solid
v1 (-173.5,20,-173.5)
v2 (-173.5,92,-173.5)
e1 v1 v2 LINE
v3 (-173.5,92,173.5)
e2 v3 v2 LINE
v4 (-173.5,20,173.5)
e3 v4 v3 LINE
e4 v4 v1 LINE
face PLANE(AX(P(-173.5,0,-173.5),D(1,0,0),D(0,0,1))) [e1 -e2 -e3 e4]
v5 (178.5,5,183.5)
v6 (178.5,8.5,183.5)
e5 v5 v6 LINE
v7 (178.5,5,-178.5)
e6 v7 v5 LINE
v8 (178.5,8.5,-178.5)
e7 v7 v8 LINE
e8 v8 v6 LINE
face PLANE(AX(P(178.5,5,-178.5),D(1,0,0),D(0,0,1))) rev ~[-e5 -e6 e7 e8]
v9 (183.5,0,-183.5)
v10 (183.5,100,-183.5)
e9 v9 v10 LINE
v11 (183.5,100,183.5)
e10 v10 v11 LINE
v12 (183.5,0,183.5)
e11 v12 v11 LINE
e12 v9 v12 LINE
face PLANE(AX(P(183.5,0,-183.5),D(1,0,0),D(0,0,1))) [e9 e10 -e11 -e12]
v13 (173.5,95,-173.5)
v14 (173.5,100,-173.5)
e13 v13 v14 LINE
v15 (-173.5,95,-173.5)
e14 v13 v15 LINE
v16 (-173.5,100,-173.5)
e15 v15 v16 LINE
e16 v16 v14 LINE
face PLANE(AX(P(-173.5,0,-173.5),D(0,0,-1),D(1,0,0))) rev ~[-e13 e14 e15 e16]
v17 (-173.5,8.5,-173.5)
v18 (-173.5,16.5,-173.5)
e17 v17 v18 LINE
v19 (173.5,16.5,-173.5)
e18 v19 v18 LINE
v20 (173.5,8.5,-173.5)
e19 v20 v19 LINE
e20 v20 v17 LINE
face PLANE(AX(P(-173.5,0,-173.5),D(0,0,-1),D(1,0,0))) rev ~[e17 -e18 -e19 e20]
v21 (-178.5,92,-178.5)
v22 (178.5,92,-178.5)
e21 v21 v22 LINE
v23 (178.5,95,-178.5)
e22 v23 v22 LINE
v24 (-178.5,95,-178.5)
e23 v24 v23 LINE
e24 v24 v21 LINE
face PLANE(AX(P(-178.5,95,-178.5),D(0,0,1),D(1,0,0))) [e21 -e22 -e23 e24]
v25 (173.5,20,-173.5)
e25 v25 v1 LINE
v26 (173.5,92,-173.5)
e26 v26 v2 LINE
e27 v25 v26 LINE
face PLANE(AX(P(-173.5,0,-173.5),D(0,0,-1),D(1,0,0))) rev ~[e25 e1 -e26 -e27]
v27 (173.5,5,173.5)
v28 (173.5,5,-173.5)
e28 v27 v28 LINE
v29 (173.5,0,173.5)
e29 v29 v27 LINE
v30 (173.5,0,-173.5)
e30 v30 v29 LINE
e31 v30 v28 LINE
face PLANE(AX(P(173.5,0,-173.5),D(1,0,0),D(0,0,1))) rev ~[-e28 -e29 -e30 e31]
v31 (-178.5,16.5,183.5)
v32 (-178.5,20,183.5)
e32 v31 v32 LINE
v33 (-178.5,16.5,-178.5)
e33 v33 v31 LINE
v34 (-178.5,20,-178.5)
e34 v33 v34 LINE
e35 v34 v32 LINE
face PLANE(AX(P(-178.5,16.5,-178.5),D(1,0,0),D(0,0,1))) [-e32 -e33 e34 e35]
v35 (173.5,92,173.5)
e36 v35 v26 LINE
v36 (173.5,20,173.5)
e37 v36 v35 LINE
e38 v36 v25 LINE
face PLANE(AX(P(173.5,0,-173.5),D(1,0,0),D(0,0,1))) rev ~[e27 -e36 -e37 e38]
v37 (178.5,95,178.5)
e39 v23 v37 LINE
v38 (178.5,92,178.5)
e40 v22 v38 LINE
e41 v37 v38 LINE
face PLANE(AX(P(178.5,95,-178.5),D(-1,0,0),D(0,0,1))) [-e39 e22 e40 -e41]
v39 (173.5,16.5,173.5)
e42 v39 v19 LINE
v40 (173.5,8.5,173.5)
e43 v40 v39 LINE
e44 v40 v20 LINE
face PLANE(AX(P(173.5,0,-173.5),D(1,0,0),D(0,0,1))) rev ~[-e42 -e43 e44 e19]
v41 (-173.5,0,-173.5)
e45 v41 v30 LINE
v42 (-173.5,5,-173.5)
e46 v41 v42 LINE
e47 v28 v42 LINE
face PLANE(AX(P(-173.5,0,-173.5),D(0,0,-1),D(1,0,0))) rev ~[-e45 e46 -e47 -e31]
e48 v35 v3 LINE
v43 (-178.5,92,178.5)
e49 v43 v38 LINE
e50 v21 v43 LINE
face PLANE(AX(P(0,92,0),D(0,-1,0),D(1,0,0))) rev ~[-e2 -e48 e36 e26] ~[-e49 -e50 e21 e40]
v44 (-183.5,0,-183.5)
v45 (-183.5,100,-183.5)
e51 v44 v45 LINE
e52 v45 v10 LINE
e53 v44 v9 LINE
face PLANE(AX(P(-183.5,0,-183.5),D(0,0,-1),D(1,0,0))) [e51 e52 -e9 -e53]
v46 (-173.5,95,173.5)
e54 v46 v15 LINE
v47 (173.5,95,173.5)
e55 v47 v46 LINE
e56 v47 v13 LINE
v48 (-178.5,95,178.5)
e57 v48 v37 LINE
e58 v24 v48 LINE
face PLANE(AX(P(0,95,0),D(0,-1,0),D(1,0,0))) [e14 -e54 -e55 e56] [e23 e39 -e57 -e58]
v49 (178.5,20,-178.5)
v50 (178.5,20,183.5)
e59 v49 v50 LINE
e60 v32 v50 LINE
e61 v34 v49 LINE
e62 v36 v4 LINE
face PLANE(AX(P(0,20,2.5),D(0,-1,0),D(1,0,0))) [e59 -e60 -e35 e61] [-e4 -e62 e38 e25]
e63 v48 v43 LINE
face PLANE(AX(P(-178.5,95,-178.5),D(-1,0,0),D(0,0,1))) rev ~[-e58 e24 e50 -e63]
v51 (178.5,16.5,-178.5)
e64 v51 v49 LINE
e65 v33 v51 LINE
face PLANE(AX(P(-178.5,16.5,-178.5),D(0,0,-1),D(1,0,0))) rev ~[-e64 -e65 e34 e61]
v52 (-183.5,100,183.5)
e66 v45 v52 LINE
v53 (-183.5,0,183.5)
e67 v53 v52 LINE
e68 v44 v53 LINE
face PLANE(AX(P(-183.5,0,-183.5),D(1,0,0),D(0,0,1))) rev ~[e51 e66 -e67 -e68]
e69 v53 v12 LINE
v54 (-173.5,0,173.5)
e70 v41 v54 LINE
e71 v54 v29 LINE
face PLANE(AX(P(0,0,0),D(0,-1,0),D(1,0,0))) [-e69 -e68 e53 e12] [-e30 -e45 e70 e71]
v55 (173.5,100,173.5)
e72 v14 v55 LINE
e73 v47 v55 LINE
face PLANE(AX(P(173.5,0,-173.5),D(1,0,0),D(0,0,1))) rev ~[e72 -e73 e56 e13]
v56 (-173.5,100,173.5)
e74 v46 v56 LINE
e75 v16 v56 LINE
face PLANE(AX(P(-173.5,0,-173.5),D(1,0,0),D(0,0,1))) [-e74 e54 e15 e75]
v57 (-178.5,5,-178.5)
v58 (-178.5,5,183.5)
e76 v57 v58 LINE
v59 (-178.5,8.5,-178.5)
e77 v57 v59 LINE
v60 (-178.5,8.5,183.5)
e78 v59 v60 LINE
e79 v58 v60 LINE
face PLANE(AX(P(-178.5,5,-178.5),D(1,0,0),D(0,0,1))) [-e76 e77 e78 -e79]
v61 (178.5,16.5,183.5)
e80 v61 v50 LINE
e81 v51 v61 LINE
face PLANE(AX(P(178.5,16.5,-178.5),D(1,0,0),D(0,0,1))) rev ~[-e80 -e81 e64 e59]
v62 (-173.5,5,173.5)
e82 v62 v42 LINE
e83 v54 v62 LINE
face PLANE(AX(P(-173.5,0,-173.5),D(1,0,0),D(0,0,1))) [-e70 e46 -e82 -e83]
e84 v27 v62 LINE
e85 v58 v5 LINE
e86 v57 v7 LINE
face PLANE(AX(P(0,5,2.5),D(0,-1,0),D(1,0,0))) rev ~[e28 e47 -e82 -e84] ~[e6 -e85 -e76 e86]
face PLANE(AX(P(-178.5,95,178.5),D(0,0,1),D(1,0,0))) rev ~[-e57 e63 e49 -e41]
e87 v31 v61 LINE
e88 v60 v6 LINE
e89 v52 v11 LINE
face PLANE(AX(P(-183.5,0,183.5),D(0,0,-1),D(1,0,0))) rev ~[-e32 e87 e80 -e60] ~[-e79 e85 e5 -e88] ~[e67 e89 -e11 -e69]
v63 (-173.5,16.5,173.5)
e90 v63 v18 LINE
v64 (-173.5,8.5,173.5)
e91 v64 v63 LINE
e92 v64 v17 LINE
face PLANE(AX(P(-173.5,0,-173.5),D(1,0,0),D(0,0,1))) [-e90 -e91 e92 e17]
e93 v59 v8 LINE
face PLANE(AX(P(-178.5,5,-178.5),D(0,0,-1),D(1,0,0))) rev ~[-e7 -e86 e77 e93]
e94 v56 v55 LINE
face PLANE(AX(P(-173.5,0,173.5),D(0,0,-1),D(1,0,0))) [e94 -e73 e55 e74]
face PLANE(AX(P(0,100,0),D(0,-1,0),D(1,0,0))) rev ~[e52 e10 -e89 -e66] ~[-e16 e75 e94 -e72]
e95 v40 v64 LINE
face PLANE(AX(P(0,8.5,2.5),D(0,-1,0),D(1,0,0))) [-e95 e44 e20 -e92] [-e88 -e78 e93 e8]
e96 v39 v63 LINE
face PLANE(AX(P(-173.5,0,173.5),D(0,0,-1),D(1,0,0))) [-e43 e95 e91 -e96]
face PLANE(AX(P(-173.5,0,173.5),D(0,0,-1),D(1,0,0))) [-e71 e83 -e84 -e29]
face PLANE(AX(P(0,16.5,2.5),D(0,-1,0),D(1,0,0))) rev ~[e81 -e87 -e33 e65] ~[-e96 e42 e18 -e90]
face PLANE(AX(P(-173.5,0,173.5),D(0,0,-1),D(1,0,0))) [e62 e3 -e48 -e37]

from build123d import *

# Parameters (mm, degrees)
F1_W      = 367
F1_H      = 367
F2_DEPTH  = 100
F3_W      = 347
F3_H      = 347
F4_DEPTH  = 100.001
F6_W      = 357
F6_H      = 362
F7_DEPTH  = 3.5
F9_W      = 357
F9_H      = 357
F10_DEPTH = 3
F12_W     = 357
F12_H     = 362
F13_DEPTH = 3.5


with BuildPart() as f2:
    # F1 (on Front) → F2 (new body)
    with BuildSketch(Plane.XZ):
        Rectangle(F1_W, F1_H)
    extrude(amount=-F2_DEPTH)

    # F3 (on Front) → F4 (cut, through all)
    with BuildSketch(Plane.XZ):
        Rectangle(F3_W, F3_H)
    extrude(amount=-F4_DEPTH, mode=Mode.SUBTRACT)

    # F6 (on offset) → F7 (cut)
    with BuildSketch(Plane.XZ.offset(-5)):
        with Locations((0, 2.5)):
            Rectangle(F6_W, F6_H)
    extrude(amount=-F7_DEPTH, mode=Mode.SUBTRACT)

    # F9 (on offset) → F10 (cut)
    with BuildSketch(Plane.XZ.offset(-95)):
        Rectangle(F9_W, F9_H)
    extrude(amount=F10_DEPTH, mode=Mode.SUBTRACT)

    # F12 (on offset) → F13 (cut)
    with BuildSketch(Plane.XZ.offset(-16.5)):
        with Locations((0, 2.5)):
            Rectangle(F12_W, F12_H)
    extrude(amount=-F13_DEPTH, mode=Mode.SUBTRACT)


solid = f2.part
